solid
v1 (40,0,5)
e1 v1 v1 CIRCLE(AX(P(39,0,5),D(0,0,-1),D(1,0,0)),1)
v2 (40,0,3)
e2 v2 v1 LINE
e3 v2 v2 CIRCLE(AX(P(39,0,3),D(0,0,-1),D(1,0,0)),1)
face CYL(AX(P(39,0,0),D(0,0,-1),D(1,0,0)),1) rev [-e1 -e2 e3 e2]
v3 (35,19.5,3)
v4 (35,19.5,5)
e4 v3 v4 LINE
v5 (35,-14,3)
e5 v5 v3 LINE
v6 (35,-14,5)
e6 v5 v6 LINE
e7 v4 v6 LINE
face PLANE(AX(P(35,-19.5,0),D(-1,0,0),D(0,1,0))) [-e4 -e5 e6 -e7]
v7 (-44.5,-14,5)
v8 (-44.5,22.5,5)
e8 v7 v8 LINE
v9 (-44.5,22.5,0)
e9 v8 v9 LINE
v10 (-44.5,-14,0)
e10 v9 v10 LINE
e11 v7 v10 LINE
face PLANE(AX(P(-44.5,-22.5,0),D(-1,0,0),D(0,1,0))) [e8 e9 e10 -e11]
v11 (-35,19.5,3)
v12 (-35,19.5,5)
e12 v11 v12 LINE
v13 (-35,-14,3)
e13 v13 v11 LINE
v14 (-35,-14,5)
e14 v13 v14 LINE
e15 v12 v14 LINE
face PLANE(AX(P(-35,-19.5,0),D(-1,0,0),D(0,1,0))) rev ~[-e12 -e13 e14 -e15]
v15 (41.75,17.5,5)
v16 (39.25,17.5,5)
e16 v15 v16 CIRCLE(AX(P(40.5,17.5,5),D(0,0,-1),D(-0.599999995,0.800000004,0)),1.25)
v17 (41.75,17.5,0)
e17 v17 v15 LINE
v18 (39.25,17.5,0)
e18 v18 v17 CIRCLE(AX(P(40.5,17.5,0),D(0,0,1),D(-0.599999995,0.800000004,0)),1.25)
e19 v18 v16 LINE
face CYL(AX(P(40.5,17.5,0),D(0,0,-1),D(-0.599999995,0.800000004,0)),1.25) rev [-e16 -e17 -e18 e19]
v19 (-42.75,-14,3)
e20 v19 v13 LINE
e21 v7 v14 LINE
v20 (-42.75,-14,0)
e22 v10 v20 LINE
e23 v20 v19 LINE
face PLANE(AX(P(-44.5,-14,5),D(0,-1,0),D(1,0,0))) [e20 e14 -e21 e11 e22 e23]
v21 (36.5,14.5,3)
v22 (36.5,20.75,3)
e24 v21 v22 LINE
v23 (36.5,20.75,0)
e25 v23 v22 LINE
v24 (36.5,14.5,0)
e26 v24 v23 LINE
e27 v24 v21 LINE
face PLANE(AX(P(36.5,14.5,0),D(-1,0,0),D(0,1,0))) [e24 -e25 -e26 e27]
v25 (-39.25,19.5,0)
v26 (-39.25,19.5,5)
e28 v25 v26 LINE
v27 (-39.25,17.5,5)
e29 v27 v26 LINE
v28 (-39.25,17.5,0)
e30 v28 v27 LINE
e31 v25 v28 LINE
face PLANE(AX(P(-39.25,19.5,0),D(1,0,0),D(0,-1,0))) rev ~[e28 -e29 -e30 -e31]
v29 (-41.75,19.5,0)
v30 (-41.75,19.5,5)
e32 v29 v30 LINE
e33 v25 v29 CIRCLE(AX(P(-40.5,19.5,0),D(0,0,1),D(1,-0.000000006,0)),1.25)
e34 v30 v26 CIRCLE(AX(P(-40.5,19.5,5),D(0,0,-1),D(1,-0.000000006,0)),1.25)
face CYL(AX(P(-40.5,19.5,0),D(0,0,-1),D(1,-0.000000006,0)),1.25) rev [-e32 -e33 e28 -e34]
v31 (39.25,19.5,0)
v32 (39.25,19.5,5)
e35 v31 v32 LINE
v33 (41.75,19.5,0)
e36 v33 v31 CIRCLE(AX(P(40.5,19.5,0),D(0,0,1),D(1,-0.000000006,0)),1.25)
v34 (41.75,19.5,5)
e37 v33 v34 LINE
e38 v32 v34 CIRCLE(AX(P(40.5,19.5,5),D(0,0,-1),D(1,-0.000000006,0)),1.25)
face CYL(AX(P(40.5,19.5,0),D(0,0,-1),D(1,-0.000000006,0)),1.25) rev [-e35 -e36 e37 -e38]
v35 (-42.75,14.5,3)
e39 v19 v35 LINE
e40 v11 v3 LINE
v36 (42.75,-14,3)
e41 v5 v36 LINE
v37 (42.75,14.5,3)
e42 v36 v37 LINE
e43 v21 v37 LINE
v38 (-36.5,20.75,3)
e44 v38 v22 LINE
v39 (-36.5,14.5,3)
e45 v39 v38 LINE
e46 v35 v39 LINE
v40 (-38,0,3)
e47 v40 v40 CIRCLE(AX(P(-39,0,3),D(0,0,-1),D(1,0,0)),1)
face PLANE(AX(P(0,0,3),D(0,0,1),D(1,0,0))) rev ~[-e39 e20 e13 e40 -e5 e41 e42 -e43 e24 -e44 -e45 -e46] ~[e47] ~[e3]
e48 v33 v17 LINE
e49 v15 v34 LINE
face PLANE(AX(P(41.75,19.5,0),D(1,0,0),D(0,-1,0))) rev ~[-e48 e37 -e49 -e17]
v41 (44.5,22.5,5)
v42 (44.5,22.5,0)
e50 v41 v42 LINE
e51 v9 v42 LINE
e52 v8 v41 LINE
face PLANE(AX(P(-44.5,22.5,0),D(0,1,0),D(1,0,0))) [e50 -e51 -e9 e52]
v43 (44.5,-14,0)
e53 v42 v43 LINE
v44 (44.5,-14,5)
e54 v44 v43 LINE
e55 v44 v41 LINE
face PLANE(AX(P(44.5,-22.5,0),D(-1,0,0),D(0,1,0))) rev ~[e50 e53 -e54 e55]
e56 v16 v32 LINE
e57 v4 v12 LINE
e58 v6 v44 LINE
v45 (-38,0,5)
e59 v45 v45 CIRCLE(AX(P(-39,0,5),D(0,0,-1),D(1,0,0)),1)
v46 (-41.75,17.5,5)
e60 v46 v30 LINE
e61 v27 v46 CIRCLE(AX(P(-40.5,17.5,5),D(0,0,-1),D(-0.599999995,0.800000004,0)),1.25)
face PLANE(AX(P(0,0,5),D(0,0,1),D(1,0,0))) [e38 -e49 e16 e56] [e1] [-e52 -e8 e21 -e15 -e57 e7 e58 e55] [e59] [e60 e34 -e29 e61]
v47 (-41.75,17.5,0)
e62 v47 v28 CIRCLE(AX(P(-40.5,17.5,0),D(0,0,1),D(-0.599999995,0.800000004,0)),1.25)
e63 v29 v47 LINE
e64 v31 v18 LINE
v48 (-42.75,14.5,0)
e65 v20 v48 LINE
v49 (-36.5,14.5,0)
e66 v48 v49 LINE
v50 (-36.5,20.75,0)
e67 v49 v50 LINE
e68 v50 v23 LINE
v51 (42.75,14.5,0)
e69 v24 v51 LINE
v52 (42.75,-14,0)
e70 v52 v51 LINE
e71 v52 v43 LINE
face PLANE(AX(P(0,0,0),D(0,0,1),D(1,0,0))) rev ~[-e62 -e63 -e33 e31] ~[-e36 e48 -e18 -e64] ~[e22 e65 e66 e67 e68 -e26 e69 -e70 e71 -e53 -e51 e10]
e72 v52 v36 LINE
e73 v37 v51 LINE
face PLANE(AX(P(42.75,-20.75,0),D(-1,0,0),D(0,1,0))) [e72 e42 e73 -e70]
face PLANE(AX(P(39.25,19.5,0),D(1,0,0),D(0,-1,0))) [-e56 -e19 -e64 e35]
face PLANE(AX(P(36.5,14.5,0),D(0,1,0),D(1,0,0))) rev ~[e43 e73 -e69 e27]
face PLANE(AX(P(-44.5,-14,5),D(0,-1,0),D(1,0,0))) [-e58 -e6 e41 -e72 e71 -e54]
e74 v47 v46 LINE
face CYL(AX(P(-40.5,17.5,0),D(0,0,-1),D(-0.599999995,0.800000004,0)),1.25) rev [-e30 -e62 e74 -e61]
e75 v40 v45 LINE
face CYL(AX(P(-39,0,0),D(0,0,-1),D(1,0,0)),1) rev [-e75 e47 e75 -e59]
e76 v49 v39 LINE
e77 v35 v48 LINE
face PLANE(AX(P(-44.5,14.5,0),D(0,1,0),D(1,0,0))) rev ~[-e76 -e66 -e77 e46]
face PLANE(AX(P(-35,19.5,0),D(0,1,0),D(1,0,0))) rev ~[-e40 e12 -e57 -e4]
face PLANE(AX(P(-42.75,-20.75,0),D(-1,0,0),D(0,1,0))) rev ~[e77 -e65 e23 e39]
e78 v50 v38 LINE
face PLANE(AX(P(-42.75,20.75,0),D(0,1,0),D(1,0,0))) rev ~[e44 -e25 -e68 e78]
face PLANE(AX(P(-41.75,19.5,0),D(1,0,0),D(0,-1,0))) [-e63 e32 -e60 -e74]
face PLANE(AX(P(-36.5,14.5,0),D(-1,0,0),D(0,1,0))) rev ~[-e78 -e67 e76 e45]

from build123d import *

# Parameters (mm, degrees)
F0_W      = 89
F0_H      = 45
F1_DEPTH  = 5
F2_W      = 70
F2_H      = 39
F3_DEPTH  = 25
F4_W      = 85.5
F4_H      = 41.5
F5_DEPTH  = 3
F6_W      = 8
F6_H      = 8
F7_DEPTH  = 3
F8_R      = 1
F9_DEPTH  = 25
F10_DEPTH = 25
F11_W     = 2.5
F11_H     = 2
F12_DEPTH = 25
F13_W     = 89
F13_H     = 8.5
F14_DEPTH = 25


with BuildPart() as f1:
    # F0 (on Top) → F1 (new body)
    with BuildSketch(Plane.XY):
        Rectangle(F0_W, F0_H)
    extrude(amount=F1_DEPTH)

    # F2 (on Top) → F3 (cut)
    with BuildSketch(Plane.XY):
        Rectangle(F2_W, F2_H)
    extrude(amount=F3_DEPTH, mode=Mode.SUBTRACT)

    # F4 (on Top) → F5 (cut)
    with BuildSketch(Plane.XY):
        Rectangle(F4_W, F4_H)
    extrude(amount=F5_DEPTH, mode=Mode.SUBTRACT)

    # F6 (on Top) → F7 (join)
    with BuildSketch(Plane.XY):
        with Locations((-40.5, 18.5)):
            Rectangle(F6_W, F6_H)
        with Locations((-40.5, -18.5)):
            Rectangle(F6_W, F6_H)
        with Locations((40.5, 18.5)):
            Rectangle(F6_W, F6_H)
        with Locations((40.5, -18.5)):
            Rectangle(F6_W, F6_H)
    extrude(amount=F7_DEPTH)

    # F8 (on Top) → F9 (cut)
    with BuildSketch(Plane.XY):
        with BuildLine():
            ThreePointArc((41.25, 18.5), (41.618034, 18.940983), (41.75, 19.5))
            ThreePointArc((41.75, 19.5), (39.940983, 20.618034), (39.75, 18.5))
            ThreePointArc((39.75, 18.5), (40.5, 18.75), (41.25, 18.5))
        make_face()
        with BuildLine():
            ThreePointArc((41.25, 18.5), (40.5, 18.25), (39.75, 18.5))
            ThreePointArc((39.75, 18.5), (39.940983, 16.381966), (41.75, 17.5))
            ThreePointArc((41.75, 17.5), (41.618034, 18.059017), (41.25, 18.5))
        make_face()
        with BuildLine():
            ThreePointArc((-39.75, 18.5), (-39.381966, 18.940983), (-39.25, 19.5))
            ThreePointArc((-39.25, 19.5), (-41.059017, 20.618034), (-41.25, 18.5))
            ThreePointArc((-41.25, 18.5), (-40.5, 18.75), (-39.75, 18.5))
        make_face()
        with BuildLine():
            ThreePointArc((-39.75, 18.5), (-40.5, 18.25), (-41.25, 18.5))
            ThreePointArc((-41.25, 18.5), (-41.059017, 16.381966), (-39.25, 17.5))
            ThreePointArc((-39.25, 17.5), (-39.381966, 18.059017), (-39.75, 18.5))
        make_face()
        with Locations((-39, 0)):
            Circle(F8_R)
        with Locations((39, 0)):
            Circle(F8_R)
    extrude(amount=F9_DEPTH, mode=Mode.SUBTRACT)

    # F8 (on Top) → F10 (cut)
    with BuildSketch(Plane.XY):
        with BuildLine():
            ThreePointArc((41.25, 18.5), (41.618034, 18.940983), (41.75, 19.5))
            ThreePointArc((41.75, 19.5), (39.940983, 20.618034), (39.75, 18.5))
            ThreePointArc((39.75, 18.5), (40.5, 18.75), (41.25, 18.5))
        make_face()
        with BuildLine():
            ThreePointArc((41.25, 18.5), (40.5, 18.25), (39.75, 18.5))
            ThreePointArc((39.75, 18.5), (39.940983, 16.381966), (41.75, 17.5))
            ThreePointArc((41.75, 17.5), (41.618034, 18.059017), (41.25, 18.5))
        make_face()
        with BuildLine():
            ThreePointArc((-39.75, 18.5), (-39.381966, 18.940983), (-39.25, 19.5))
            ThreePointArc((-39.25, 19.5), (-41.059017, 20.618034), (-41.25, 18.5))
            ThreePointArc((-41.25, 18.5), (-40.5, 18.75), (-39.75, 18.5))
        make_face()
        with BuildLine():
            ThreePointArc((-39.75, 18.5), (-40.5, 18.25), (-41.25, 18.5))
            ThreePointArc((-41.25, 18.5), (-41.059017, 16.381966), (-39.25, 17.5))
            ThreePointArc((-39.25, 17.5), (-39.381966, 18.059017), (-39.75, 18.5))
        make_face()
        with Locations((-39, 0)):
            Circle(F8_R)
        with Locations((39, 0)):
            Circle(F8_R)
    extrude(amount=F10_DEPTH, mode=Mode.SUBTRACT)

    # F11 (on face) → F12 (cut)
    with BuildSketch(Plane(origin=(0, 0, 0), x_dir=(1, 0, 0), z_dir=(0, 0, -1))):
        with Locations((-40.5, -18.5)):
            Rectangle(F11_W, F11_H)
        with Locations((40.5, -18.5)):
            Rectangle(F11_W, F11_H)
    extrude(amount=-F12_DEPTH, mode=Mode.SUBTRACT)

    # F13 (on face) → F14 (cut)
    with BuildSketch(Plane.XY.offset(5)):
        with Locations((0, -18.25)):
            Rectangle(F13_W, F13_H)
    extrude(amount=-F14_DEPTH, mode=Mode.SUBTRACT)


solid = f1.part
